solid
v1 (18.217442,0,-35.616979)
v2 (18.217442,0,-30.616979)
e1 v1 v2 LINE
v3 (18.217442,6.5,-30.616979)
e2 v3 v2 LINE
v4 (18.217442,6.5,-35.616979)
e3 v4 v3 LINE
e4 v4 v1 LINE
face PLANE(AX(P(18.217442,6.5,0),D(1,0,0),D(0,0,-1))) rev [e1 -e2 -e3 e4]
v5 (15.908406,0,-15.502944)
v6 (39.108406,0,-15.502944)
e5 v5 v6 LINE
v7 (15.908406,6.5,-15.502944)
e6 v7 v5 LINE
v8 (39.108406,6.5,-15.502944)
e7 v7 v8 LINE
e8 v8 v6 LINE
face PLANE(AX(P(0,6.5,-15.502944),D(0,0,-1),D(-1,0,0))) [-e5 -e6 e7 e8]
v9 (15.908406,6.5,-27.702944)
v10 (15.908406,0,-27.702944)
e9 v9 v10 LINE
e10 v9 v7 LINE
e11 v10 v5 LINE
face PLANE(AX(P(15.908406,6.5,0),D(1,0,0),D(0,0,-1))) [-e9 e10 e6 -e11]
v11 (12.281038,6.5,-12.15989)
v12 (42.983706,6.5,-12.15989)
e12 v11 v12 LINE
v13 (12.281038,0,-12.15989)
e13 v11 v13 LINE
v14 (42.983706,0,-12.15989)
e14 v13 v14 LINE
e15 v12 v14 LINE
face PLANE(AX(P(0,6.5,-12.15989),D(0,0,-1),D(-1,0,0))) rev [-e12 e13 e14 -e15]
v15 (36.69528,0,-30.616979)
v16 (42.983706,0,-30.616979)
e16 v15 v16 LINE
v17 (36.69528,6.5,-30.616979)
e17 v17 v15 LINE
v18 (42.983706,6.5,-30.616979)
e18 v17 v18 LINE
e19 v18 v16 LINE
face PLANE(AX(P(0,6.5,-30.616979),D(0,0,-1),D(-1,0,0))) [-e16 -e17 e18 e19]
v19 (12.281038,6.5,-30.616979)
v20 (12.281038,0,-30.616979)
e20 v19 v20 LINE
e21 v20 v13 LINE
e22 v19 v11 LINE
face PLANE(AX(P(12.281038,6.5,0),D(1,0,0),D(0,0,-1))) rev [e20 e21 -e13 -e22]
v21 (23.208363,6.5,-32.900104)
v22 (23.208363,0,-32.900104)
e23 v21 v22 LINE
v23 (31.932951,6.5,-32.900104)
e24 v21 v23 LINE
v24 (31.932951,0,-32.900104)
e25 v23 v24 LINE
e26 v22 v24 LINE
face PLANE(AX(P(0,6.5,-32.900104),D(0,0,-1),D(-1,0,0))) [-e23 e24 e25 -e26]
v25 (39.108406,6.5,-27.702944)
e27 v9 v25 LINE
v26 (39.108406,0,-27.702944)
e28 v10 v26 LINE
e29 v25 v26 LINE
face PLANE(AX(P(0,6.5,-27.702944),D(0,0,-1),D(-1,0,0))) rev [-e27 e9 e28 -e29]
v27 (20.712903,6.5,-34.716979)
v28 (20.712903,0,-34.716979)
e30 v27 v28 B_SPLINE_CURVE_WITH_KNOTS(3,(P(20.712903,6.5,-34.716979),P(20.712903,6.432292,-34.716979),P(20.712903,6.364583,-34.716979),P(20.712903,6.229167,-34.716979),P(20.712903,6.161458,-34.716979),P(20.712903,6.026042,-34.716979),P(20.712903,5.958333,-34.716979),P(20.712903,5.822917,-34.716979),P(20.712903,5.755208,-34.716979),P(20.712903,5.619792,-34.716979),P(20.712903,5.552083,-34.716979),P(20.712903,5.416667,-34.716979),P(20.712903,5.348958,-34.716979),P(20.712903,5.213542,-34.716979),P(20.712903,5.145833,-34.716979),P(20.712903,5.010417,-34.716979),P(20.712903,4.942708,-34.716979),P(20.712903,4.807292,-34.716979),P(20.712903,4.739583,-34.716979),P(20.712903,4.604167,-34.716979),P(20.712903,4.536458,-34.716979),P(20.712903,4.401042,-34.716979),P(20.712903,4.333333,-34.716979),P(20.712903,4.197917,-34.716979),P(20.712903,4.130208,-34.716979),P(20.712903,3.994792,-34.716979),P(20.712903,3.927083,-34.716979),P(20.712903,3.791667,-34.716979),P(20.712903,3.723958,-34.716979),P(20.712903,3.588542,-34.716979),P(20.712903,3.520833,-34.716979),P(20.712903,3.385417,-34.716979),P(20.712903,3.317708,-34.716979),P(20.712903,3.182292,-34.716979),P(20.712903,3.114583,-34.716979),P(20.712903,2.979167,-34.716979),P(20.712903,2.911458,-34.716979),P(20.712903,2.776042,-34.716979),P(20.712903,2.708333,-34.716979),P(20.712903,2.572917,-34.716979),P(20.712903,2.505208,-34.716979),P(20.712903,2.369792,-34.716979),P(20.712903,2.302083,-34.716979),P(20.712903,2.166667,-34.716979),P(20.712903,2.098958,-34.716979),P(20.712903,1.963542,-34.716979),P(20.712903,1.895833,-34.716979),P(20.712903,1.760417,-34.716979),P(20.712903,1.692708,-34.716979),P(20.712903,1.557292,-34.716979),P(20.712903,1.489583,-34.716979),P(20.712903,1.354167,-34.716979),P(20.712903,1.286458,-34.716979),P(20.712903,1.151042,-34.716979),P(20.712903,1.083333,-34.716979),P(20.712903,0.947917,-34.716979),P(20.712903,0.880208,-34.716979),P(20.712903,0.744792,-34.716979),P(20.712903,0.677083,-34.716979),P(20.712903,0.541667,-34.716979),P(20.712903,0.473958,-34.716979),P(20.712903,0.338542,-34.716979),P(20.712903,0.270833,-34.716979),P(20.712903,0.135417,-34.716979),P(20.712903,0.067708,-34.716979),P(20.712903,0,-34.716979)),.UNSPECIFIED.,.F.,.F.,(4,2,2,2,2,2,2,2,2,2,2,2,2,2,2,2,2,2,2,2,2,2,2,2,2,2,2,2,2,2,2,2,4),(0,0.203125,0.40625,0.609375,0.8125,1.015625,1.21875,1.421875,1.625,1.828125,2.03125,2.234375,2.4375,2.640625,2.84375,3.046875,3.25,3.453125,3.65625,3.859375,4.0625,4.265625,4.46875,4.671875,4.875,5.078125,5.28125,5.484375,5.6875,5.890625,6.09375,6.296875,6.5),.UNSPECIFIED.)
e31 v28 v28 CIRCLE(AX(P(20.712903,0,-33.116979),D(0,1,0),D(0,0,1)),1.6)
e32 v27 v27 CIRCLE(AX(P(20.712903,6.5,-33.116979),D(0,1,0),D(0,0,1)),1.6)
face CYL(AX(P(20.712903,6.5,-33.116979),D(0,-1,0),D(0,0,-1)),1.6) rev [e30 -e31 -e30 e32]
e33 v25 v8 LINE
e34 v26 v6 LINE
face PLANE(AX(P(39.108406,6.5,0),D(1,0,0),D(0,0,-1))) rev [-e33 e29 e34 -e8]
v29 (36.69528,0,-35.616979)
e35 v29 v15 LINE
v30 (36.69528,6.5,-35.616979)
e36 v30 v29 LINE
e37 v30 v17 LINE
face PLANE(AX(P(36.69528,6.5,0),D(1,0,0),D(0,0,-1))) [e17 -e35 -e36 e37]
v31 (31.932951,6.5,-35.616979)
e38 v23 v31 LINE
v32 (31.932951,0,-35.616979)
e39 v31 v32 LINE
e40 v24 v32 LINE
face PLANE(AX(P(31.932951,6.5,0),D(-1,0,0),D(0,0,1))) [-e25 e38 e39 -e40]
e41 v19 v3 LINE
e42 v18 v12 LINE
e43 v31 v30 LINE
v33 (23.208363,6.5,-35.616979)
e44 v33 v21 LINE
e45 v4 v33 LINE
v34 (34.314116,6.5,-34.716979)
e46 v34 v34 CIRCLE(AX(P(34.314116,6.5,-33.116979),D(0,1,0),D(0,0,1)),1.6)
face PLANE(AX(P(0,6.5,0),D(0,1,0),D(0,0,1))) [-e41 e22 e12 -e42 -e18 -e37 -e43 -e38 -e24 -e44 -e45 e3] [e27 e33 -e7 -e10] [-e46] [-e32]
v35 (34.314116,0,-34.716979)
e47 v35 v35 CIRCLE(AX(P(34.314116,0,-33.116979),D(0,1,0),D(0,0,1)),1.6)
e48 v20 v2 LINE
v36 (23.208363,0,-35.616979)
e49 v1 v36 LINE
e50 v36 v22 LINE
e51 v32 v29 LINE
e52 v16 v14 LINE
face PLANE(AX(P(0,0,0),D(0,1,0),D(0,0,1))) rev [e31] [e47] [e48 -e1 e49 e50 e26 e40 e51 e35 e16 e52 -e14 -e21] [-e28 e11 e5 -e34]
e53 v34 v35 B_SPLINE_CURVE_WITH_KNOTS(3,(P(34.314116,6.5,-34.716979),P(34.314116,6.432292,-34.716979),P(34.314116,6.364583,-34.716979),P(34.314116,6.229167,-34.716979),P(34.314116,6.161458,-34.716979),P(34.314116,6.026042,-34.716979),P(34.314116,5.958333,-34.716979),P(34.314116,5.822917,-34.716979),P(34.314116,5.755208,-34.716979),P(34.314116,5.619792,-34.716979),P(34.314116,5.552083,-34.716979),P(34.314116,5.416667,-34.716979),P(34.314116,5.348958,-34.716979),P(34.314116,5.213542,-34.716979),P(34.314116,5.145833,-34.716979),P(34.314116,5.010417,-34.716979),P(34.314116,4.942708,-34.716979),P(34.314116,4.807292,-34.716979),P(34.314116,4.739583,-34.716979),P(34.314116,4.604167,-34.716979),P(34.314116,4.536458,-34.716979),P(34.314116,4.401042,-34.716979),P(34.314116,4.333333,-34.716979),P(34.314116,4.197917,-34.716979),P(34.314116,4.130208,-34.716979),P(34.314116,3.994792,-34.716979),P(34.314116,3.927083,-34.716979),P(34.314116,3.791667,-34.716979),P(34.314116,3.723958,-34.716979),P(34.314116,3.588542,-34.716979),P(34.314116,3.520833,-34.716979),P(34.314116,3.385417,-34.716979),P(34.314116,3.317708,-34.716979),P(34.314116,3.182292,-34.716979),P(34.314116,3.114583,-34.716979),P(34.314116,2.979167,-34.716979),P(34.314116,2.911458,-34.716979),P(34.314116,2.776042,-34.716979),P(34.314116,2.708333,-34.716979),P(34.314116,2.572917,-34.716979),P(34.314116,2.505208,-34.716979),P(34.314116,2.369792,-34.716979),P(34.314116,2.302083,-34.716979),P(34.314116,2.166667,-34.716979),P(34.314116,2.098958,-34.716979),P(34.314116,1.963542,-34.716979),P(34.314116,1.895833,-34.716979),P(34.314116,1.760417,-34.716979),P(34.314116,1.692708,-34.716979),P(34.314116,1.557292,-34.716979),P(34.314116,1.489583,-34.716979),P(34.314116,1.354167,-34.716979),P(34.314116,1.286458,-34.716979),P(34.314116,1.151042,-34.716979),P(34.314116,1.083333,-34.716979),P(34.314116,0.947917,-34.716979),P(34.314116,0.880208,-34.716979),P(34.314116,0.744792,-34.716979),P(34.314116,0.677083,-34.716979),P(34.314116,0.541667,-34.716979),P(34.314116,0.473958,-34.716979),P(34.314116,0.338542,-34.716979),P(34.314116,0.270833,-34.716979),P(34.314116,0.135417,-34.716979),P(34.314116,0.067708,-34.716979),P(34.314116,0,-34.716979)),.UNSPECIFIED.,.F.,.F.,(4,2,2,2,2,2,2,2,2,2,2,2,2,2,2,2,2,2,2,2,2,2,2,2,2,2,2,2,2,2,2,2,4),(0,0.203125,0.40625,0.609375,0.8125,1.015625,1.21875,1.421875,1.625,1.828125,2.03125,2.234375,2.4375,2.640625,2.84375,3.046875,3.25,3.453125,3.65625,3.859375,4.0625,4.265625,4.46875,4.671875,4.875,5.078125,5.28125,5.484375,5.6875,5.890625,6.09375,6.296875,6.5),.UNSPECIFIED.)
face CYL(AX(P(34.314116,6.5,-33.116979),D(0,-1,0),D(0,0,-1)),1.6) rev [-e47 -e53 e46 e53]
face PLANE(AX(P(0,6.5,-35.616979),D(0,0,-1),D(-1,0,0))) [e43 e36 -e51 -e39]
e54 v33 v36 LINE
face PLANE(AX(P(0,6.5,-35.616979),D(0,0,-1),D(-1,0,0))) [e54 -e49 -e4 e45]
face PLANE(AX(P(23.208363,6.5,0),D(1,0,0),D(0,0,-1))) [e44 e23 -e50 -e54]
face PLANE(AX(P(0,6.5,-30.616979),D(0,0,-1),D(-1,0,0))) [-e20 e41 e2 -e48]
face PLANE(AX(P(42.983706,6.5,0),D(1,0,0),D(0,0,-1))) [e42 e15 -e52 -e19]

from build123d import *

# Parameters (mm, degrees)
SKETCH1_R           = 1.6
SKETCH1_W           = 30.70266837
SKETCH1_H           = 18.457088441
SKETCH1_W_2         = 23.2
SKETCH1_H_2         = 12.2
BOSS_EXTRUDE5_DEPTH = 6.5


with BuildPart() as part:
    # Sketch1 → Boss-Extrude5 (new body)
    # profile 1 of 2: a face of its own
    with BuildSketch(Plane(origin=(0, 0, 0), x_dir=(1, 0, 0), z_dir=(0, 1, 0))):
        Polygon((23.208363186, 35.61697891), (23.208363186, 32.900104101), (31.932950893, 32.900104101), (31.932950893, 35.61697891), (36.695280427, 35.61697891), (36.695280427, 30.61697891), (18.217441835, 30.61697891), (18.217441835, 35.61697891), align=None)
        with Locations(Location((20.712902511, 33.11697891, 0), (0, 0, 90))):
            Circle(SKETCH1_R, mode=Mode.SUBTRACT)
        with Locations(Location((34.31411566, 33.11697891, 0), (0, 0, 90))):
            Circle(SKETCH1_R, mode=Mode.SUBTRACT)
    # profile 2 of 2: a face of its own
    with BuildSketch(Plane(origin=(0, 0, 0), x_dir=(1, 0, 0), z_dir=(0, 1, 0))):
        with Locations((27.63237184, 21.38843469)):
            Rectangle(SKETCH1_W, SKETCH1_H)
        with Locations((27.508406256, 21.602944359)):
            Rectangle(SKETCH1_W_2, SKETCH1_H_2, mode=Mode.SUBTRACT)
    extrude(amount=BOSS_EXTRUDE5_DEPTH)


solid = part.part
